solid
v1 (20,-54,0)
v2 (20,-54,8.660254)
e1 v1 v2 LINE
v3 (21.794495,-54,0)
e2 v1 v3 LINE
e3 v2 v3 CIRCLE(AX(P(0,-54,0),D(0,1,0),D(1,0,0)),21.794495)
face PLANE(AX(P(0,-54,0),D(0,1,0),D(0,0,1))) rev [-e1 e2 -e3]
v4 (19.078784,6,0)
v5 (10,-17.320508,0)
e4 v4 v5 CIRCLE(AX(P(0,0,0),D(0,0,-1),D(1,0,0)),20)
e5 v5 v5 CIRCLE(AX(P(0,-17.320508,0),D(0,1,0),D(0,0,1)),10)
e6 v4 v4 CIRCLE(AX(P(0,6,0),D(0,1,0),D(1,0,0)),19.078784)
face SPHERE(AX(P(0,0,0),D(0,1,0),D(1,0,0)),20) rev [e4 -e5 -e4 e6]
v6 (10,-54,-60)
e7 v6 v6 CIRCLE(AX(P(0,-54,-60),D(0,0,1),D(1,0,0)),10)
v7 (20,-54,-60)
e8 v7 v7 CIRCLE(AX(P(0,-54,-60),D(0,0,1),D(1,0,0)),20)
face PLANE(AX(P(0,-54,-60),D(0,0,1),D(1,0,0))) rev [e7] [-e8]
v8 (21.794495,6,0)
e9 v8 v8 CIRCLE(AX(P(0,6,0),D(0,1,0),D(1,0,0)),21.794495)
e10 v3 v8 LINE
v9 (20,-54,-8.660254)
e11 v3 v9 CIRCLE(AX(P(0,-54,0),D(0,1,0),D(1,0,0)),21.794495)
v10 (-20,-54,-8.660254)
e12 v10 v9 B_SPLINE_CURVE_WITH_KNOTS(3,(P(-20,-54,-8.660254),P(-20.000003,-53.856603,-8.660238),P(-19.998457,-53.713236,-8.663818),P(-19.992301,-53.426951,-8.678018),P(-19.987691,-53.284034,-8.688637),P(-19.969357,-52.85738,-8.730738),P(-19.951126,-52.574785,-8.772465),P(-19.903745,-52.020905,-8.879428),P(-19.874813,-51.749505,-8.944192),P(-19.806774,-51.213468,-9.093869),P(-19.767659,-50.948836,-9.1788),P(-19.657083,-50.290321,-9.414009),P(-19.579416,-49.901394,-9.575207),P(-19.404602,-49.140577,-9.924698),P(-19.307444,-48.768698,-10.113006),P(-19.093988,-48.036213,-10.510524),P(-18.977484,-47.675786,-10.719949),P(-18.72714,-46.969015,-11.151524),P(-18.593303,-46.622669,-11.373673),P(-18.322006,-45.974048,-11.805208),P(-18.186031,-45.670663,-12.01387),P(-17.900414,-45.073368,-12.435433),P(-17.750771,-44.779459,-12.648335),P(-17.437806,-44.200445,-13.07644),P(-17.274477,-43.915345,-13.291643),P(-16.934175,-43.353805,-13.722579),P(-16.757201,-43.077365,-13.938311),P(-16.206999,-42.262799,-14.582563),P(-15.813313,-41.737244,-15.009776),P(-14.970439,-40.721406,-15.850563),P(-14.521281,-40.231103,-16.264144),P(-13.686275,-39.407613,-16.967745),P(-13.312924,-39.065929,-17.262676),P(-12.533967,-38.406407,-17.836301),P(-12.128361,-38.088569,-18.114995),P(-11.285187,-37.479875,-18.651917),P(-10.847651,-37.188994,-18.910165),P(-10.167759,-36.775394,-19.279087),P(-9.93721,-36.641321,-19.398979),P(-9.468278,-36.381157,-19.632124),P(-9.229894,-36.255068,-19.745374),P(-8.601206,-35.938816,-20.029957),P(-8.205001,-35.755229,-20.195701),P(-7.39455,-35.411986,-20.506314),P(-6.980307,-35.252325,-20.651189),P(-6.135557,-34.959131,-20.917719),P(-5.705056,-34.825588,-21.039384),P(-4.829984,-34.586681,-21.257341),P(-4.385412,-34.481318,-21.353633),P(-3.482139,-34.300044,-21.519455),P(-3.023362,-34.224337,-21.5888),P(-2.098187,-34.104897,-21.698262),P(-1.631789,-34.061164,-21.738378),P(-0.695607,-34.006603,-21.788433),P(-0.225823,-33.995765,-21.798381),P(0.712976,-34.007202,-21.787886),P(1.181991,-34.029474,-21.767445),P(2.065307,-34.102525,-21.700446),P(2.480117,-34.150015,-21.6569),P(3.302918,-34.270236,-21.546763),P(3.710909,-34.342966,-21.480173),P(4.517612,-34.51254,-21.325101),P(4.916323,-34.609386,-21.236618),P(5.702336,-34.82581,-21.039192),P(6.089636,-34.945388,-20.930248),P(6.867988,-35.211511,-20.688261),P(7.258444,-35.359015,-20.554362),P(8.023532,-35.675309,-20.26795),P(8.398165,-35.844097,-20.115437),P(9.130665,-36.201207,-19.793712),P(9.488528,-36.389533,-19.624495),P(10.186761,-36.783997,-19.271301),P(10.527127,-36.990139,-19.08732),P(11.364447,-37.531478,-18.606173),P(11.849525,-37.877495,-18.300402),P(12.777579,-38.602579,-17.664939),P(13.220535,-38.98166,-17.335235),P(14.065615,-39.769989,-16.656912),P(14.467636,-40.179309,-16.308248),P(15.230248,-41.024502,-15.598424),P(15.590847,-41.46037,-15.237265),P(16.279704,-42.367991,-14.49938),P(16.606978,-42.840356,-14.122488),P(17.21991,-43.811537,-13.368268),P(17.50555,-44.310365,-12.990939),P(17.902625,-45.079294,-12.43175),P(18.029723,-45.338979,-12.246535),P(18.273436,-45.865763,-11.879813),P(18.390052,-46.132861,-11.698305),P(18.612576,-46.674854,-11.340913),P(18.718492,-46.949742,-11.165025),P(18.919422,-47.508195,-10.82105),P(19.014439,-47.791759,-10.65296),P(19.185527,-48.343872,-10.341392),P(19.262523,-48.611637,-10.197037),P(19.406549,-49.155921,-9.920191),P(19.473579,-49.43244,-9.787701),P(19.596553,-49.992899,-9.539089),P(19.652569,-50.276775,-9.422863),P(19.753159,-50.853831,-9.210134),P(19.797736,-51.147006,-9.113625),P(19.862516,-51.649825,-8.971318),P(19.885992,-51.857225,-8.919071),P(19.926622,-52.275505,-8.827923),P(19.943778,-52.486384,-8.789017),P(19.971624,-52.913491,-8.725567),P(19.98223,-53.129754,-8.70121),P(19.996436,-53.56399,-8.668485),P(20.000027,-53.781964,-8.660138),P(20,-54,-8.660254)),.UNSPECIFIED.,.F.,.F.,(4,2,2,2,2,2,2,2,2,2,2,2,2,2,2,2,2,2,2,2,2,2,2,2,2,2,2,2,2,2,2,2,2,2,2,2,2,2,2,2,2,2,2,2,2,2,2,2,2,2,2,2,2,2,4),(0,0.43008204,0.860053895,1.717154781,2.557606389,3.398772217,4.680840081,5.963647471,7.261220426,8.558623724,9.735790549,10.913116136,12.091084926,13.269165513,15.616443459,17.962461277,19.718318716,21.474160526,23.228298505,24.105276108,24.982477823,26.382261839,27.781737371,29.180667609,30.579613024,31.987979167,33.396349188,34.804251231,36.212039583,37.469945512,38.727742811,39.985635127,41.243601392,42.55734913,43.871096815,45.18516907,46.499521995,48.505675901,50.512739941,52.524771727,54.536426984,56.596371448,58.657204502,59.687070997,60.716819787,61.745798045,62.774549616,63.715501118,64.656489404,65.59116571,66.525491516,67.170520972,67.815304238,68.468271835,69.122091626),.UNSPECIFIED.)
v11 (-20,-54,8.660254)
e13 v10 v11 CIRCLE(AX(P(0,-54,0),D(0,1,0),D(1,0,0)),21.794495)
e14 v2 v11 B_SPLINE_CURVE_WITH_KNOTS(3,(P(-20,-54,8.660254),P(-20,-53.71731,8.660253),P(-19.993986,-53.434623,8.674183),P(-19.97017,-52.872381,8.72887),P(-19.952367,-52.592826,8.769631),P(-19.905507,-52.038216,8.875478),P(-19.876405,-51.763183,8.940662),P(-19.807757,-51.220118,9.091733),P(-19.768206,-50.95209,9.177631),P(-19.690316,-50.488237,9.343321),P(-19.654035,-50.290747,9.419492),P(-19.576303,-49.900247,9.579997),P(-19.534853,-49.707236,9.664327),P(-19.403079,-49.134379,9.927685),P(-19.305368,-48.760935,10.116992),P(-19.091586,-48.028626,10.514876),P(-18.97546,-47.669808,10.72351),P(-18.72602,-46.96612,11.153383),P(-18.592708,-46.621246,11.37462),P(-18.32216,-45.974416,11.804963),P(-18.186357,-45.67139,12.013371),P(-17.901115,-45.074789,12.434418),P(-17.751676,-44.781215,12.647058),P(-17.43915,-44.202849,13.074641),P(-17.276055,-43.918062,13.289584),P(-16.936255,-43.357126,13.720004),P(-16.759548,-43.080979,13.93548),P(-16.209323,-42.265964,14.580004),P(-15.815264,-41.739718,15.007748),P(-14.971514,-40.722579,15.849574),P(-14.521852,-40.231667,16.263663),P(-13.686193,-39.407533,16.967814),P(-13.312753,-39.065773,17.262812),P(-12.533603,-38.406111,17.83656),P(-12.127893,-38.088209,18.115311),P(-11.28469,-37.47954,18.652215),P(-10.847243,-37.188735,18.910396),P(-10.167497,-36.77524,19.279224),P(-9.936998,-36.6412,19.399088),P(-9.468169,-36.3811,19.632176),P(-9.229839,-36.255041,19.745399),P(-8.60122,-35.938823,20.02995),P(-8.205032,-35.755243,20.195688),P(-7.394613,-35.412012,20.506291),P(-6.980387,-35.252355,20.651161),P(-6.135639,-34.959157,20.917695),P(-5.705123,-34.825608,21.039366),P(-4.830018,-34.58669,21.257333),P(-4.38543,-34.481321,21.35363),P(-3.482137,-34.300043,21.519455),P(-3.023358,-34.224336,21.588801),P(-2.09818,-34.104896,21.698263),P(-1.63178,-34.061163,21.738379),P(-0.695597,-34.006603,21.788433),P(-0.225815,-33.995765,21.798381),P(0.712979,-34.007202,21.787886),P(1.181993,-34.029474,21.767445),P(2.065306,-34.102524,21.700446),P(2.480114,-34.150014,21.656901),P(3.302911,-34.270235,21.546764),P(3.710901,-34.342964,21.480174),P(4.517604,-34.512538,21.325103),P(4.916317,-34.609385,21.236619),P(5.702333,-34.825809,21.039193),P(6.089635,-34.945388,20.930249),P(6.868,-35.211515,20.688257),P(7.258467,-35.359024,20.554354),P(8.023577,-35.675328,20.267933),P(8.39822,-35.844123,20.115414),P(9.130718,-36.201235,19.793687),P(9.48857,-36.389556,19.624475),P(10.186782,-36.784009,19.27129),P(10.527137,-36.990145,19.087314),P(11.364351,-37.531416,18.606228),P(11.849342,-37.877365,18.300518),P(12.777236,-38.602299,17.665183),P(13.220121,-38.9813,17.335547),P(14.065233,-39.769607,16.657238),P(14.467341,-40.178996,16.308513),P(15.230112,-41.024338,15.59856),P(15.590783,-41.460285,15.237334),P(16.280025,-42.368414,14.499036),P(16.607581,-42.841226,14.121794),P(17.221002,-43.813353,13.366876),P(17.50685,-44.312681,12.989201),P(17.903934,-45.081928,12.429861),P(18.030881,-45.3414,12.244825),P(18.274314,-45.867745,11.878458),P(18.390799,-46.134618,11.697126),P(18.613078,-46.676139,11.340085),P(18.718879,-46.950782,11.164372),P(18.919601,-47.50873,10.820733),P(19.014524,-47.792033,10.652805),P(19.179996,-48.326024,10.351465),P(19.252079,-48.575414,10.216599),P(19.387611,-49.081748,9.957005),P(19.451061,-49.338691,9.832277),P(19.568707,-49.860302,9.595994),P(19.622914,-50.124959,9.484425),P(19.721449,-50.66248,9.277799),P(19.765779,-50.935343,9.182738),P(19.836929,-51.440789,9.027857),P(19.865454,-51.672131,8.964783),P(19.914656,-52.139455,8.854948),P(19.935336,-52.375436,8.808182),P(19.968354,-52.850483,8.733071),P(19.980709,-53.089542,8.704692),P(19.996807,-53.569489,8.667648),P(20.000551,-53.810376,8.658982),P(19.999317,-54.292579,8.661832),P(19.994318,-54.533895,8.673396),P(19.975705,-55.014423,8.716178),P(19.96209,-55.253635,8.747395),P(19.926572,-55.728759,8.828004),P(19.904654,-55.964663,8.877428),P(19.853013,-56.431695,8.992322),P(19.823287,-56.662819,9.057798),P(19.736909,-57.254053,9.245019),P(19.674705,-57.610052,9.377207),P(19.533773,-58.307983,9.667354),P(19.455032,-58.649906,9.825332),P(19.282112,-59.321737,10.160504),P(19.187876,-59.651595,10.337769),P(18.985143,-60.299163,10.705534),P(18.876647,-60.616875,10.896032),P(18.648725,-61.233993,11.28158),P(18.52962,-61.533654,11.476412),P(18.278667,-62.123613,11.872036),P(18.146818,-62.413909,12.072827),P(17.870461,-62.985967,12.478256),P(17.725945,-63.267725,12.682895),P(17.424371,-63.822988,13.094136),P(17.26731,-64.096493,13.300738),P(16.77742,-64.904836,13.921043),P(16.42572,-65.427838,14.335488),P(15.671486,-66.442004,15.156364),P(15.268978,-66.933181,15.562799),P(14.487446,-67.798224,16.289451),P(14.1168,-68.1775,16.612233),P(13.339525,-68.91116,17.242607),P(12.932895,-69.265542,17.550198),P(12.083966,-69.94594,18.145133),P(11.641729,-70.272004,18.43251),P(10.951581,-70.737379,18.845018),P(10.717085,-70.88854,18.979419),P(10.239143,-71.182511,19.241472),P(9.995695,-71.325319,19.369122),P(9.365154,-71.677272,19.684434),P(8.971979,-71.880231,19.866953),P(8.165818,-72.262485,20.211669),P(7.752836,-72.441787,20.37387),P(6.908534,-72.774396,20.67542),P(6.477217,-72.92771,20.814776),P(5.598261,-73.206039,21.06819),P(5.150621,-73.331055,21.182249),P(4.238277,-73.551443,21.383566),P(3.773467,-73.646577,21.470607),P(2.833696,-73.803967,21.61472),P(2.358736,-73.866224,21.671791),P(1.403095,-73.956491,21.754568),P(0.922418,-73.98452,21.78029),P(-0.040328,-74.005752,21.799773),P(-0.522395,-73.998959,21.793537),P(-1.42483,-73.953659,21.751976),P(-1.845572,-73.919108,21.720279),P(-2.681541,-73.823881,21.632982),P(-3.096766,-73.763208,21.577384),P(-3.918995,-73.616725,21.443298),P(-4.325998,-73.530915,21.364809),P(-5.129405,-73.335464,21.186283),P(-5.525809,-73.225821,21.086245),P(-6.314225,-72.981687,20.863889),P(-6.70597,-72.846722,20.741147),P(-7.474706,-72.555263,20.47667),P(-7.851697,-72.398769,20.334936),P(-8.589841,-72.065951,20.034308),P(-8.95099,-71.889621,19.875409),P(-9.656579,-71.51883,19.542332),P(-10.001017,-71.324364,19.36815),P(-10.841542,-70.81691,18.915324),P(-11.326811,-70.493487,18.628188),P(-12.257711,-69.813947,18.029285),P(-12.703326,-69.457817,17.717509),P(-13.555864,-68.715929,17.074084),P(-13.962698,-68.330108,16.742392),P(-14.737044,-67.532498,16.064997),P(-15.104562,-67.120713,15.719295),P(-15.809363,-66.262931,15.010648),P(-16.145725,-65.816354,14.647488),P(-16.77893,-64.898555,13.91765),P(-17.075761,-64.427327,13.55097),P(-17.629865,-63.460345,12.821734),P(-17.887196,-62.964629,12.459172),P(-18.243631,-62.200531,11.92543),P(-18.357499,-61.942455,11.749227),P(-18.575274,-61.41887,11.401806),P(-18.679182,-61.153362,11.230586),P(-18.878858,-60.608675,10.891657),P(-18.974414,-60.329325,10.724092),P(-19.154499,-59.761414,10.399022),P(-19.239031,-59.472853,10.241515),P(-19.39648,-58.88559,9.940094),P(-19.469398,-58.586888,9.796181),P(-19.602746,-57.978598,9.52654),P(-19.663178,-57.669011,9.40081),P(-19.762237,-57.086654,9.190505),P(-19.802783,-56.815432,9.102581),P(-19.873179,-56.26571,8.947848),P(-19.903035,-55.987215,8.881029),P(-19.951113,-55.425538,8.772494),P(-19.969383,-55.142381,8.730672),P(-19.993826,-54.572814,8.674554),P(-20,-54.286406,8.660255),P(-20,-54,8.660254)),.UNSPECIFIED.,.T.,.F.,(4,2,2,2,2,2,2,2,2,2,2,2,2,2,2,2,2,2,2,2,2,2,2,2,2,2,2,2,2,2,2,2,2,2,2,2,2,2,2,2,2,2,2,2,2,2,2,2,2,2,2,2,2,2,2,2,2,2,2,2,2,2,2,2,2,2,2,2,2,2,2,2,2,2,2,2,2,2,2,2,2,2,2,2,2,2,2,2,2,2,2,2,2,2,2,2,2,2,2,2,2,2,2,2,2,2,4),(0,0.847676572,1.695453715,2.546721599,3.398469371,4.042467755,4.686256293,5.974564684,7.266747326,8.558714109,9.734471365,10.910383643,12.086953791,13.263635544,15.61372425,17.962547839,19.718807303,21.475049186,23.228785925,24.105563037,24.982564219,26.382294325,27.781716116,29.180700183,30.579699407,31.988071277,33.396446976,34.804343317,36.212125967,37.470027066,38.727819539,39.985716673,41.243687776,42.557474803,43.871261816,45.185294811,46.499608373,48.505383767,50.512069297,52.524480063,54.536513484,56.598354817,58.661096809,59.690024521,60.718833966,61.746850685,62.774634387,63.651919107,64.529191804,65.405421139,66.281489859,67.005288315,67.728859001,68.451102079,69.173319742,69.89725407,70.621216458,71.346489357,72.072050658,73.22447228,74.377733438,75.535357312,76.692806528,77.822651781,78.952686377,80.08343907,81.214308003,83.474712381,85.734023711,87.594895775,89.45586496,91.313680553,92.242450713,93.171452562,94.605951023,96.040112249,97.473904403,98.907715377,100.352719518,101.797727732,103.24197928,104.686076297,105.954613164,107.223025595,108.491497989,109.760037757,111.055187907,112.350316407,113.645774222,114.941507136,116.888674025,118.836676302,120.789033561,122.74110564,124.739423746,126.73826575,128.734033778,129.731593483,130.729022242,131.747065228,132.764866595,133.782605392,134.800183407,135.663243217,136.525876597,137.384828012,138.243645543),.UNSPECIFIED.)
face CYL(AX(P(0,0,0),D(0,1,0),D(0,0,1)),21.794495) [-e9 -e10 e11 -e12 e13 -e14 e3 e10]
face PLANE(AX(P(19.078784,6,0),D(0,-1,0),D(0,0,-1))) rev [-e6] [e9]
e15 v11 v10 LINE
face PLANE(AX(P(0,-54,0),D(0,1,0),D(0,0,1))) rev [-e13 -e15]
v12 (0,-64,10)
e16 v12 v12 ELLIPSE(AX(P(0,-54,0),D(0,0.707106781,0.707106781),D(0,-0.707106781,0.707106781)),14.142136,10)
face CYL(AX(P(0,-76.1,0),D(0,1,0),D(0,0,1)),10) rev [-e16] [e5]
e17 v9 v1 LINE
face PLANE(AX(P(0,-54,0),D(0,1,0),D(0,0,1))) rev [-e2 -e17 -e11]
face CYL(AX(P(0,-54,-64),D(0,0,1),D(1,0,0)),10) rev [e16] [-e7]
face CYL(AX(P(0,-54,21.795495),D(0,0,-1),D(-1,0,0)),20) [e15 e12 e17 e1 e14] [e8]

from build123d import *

# Parameters (mm, degrees)
SKETCH_5_R                       = 20
EXTRUDE_1_DEPTH                  = 60
EXTRUDE_1_DIRECTION_2_REACH      = 64.177
EXTRUDE_1_DIRECTION_2_END_RADIUS = 21.794494718
SKETCH_7_R                       = 10


with BuildPart() as part:
    # Sweep 1: sweep along a path in 草图2
    with BuildLine(Plane(origin=(0, 0, 0), x_dir=(1, 0, 0), z_dir=(0, 1, 0))) as sweep_1_path:
        CenterArc((0, 0), 11, 0, 360)
    # 草图1 → Sweep 1 (sweep)
    with BuildSketch(Plane.XY):
        with BuildLine():
            Line((21.794494718, 6), (21.794494718, -54))
            Line((21.794494718, -54), (0, -54))
            Line((0, -54), (0, -20))
            ThreePointArc((0, -20), (16.124515497, -11.832159566), (19.078784028, 6))
            Line((19.078784028, 6), (21.794494718, 6))
        make_face()
    sweep(path=sweep_1_path.line)

    # 草图5 → 凸台-拉伸1 (add)
    with BuildSketch(Plane.XY):
        with Locations((0, -54)):
            Circle(SKETCH_5_R)
    extrude(amount=-EXTRUDE_1_DEPTH)

    # 凸台-拉伸1 direction 2: up to this cylinder (the profile starts inside it)
    extrude_1_direction_2_end = Plane(origin=(0, -54, 0), z_dir=(0, 1, 0)) * Cylinder(EXTRUDE_1_DIRECTION_2_END_RADIUS, 172.942989435, mode=Mode.PRIVATE)
    # 草图5 → 凸台-拉伸1 direction 2 (add, up to the surface)
    with BuildSketch(Plane.XY, mode=Mode.PRIVATE) as extrude_1_direction_2_sk1:
        with Locations((0, -54)):
            Circle(SKETCH_5_R)
    extrude_1_direction_2_tool1 = extrude(extrude_1_direction_2_sk1.sketch, amount=EXTRUDE_1_DIRECTION_2_REACH, mode=Mode.PRIVATE) & extrude_1_direction_2_end
    add(extrude_1_direction_2_tool1.solids().sort_by_distance((0, -54, 0))[0])

    # Sweep 1 2: sweep along a path in 草图6
    with BuildLine(Plane(origin=(0, 0, 0), x_dir=(0, 0, -1), z_dir=(1, 0, 0))) as sweep_1_2_path:
        Line((60, -54), (0, -54))
        Line((0, -54), (0, 6))
    # 草图7 → Sweep 1 2 (sweep, cut)
    with BuildSketch(Plane(origin=(0, 0, -60), x_dir=(-1, 0, 0), z_dir=(0, 0, -1))):
        with Locations((0, -54)):
            Circle(SKETCH_7_R)
    sweep(path=sweep_1_2_path.line, transition=Transition.RIGHT, mode=Mode.SUBTRACT)


solid = part.part
